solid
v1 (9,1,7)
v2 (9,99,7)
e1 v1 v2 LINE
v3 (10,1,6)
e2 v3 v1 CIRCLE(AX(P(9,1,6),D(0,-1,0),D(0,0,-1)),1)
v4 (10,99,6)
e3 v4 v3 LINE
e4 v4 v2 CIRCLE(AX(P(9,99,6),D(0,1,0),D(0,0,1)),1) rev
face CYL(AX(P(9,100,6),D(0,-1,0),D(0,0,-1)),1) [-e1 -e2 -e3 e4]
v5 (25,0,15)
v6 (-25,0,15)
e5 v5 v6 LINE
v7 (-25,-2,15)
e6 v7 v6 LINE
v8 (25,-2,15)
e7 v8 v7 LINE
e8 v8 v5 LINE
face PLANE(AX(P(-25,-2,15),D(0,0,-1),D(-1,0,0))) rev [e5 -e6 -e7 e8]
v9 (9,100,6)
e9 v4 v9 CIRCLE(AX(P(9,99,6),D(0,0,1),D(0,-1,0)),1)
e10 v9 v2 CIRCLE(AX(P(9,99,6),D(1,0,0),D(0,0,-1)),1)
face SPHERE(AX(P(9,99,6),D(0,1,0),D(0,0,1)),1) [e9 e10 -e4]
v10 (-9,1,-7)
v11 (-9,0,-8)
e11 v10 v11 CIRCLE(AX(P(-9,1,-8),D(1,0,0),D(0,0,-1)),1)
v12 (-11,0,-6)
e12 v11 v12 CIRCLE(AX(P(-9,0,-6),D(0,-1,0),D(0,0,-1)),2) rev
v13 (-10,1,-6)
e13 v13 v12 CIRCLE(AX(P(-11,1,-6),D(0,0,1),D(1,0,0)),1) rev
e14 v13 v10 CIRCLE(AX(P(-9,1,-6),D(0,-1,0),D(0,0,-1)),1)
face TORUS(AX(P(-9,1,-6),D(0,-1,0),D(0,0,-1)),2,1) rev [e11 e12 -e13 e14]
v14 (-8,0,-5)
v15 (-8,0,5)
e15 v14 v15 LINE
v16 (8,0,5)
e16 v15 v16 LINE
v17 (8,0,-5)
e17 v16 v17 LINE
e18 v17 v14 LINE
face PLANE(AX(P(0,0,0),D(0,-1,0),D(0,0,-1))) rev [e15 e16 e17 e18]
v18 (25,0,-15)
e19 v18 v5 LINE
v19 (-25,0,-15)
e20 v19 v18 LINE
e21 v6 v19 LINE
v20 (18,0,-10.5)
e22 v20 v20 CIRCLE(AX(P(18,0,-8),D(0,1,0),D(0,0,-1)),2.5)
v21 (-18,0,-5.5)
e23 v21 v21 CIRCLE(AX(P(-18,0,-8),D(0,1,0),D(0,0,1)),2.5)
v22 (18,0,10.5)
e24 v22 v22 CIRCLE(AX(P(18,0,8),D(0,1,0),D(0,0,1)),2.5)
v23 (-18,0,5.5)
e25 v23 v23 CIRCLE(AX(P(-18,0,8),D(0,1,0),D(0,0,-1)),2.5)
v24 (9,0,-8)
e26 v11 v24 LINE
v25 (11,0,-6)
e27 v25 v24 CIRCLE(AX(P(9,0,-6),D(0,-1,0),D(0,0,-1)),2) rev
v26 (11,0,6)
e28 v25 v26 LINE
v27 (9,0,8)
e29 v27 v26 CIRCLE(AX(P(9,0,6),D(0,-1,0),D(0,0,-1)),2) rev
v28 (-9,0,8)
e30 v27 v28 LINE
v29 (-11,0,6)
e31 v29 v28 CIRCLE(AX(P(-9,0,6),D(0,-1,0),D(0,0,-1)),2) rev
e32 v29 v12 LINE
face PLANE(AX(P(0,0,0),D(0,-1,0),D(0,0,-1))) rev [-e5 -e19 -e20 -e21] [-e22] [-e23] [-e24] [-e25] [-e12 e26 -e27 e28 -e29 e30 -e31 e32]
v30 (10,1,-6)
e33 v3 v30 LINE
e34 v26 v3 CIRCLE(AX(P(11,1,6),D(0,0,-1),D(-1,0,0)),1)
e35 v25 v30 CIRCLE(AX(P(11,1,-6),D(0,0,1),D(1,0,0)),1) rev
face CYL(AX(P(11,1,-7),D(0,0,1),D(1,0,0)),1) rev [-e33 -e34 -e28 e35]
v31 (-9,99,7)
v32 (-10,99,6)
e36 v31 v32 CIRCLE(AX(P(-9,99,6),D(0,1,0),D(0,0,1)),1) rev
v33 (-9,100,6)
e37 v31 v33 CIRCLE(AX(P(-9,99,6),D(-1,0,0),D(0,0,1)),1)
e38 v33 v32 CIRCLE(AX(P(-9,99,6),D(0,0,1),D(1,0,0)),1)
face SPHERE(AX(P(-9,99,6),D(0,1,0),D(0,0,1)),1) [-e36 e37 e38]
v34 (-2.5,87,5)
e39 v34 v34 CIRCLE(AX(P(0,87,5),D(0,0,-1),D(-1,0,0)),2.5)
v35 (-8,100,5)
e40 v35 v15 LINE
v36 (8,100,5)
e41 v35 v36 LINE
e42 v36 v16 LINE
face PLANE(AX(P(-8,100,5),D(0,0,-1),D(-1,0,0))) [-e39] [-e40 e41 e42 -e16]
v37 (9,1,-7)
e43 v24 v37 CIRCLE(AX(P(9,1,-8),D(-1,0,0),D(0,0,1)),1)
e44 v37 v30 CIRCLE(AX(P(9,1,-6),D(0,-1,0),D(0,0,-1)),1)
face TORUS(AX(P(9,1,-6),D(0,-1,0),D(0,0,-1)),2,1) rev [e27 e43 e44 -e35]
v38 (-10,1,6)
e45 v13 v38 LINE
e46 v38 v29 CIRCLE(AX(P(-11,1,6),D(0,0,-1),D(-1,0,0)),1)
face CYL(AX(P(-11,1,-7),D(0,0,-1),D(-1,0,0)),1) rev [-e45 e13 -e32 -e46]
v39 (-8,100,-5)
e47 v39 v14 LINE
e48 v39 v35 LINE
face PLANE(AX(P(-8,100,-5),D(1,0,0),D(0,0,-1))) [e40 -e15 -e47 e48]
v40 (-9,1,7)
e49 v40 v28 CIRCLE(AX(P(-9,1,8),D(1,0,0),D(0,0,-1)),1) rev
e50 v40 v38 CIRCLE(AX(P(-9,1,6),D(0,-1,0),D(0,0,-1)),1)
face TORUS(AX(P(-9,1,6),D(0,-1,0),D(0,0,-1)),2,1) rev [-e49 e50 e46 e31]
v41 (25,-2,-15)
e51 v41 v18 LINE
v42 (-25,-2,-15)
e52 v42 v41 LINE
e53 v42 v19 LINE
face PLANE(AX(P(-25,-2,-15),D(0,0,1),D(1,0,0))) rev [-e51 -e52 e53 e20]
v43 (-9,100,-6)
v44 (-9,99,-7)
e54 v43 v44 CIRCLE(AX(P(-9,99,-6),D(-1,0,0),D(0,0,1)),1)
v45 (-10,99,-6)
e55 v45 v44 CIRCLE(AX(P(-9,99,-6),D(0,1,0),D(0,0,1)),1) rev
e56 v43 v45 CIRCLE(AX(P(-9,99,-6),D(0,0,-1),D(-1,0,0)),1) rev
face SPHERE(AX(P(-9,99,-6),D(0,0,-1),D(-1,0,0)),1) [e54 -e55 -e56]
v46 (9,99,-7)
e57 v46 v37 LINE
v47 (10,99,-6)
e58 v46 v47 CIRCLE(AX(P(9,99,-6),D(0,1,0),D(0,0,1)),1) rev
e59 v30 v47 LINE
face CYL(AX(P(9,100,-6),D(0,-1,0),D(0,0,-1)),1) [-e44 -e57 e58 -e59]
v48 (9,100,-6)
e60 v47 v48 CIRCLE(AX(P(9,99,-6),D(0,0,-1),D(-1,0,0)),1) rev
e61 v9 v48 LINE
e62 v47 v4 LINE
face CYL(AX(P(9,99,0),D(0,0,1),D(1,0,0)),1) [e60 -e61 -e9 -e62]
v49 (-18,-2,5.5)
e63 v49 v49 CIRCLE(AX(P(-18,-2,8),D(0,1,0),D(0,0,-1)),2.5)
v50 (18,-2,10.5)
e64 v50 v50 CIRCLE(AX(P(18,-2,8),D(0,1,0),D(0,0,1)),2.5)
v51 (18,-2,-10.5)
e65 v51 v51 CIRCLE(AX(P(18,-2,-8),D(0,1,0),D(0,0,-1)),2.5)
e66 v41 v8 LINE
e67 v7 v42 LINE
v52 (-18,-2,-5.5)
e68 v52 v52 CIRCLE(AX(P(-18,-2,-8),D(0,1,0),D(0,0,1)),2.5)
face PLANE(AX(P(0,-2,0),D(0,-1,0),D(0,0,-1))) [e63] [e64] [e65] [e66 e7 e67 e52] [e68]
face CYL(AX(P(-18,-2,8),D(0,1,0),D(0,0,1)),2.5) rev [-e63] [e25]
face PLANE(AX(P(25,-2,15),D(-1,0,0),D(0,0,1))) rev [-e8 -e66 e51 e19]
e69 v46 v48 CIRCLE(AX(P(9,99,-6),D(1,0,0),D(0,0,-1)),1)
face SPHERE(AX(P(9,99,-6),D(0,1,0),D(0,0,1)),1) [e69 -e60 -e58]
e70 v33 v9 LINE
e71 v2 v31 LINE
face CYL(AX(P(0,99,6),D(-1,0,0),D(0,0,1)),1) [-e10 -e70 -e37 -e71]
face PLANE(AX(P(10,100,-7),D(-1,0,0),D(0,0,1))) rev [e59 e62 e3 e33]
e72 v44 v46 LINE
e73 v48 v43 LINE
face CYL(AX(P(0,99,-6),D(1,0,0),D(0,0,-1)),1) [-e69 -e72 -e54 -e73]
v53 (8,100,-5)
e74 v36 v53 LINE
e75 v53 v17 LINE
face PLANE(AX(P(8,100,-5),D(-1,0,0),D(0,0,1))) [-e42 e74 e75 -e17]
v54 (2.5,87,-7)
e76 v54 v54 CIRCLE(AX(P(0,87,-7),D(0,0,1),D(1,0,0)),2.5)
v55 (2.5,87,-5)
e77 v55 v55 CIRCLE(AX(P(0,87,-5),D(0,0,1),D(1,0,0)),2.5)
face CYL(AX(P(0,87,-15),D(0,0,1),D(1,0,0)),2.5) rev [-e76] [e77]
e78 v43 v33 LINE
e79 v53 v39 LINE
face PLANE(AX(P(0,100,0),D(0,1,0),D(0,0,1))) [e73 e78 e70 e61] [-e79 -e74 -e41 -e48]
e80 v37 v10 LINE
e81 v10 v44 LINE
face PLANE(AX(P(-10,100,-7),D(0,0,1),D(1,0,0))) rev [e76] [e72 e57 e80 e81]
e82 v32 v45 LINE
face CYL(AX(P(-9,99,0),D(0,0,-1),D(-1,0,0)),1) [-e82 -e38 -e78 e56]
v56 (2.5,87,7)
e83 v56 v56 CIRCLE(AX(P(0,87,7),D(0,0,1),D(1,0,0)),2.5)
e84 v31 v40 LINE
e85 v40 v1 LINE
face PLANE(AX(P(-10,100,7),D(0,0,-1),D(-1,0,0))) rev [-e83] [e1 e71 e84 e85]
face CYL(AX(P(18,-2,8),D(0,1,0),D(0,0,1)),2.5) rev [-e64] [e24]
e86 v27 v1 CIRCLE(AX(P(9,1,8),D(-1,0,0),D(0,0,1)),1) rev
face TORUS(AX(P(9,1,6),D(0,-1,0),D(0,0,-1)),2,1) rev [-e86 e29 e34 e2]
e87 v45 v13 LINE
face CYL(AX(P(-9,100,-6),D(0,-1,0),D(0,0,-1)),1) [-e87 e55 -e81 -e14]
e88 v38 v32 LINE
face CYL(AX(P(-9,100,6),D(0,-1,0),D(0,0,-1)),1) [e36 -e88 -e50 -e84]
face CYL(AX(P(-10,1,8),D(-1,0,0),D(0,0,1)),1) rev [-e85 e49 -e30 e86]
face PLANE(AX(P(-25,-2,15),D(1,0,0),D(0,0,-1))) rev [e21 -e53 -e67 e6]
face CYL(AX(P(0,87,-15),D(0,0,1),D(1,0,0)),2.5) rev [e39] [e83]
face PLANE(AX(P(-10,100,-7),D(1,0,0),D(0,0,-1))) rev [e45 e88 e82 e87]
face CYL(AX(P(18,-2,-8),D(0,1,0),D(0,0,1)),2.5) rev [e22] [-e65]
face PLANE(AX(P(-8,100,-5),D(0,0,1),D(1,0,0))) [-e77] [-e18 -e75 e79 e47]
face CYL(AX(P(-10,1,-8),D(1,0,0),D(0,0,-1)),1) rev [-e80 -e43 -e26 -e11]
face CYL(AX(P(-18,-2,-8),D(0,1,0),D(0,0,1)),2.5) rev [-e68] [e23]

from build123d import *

# Parameters (mm, degrees)
SKETCH1_W           = 20
SKETCH1_H           = 14
SKETCH1_W_2         = 16
SKETCH1_H_2         = 10
BOSS_EXTRUDE1_DEPTH = 100
SKETCH2_W           = 50
SKETCH2_H           = 30
BOSS_EXTRUDE2_DEPTH = 2
SKETCH3_R           = 2.5
CUT_EXTRUDE1_DEPTH  = 2
SKETCH4_R           = 2.5
CUT_EXTRUDE2_DEPTH  = 106.399240984
FILLET1_R           = 1


with BuildPart() as part:
    # Sketch1 → Boss-Extrude1 (new body)
    with BuildSketch(Plane(origin=(0, 0, 0), x_dir=(1, 0, 0), z_dir=(0, 1, 0))):
        Rectangle(SKETCH1_W, SKETCH1_H)
        Rectangle(SKETCH1_W_2, SKETCH1_H_2, mode=Mode.SUBTRACT)
    extrude(amount=BOSS_EXTRUDE1_DEPTH)

    # Sketch2 → Boss-Extrude2 (add)
    with BuildSketch(Plane(origin=(0, 0, 0), x_dir=(-1, 0, 0), z_dir=(0, -1, 0))):
        Rectangle(SKETCH2_W, SKETCH2_H)
    extrude(amount=BOSS_EXTRUDE2_DEPTH)

    # Sketch3 → Cut-Extrude1 (cut)
    with BuildSketch(Plane(origin=(0, 0, 0), x_dir=(1, 0, 0), z_dir=(0, 1, 0))):
        with Locations(Location((18, -8, 0), (0, 0, 270))):
            Circle(SKETCH3_R)
        with Locations(Location((18, 8, 0), (0, 0, 90))):
            Circle(SKETCH3_R)
        with Locations(Location((-18, -8, 0), (0, 0, 90))):
            Circle(SKETCH3_R)
        with Locations(Location((-18, 8, 0), (0, 0, 270))):
            Circle(SKETCH3_R)
    extrude(amount=-CUT_EXTRUDE1_DEPTH, mode=Mode.SUBTRACT)

    # Sketch4 → Cut-Extrude2 (cut, through all)
    with BuildSketch(Plane.XY.offset(7)):
        with Locations((0, 87)):
            Circle(SKETCH4_R)
    extrude(amount=-CUT_EXTRUDE2_DEPTH, mode=Mode.SUBTRACT)

    # Fillet1
    fillet1_edges = [part.edges().sort_by_distance(p)[0] for p in [
        (-10, 100, 0),
        (0, 100, 7),
        (10, 100, 0),
        (0, 0, 7),
        (-10, 0, 0),
        (0, 0, -7),
        (10, 0, 0),
        (10, 50, 7),
        (-10, 50, 7),
        (-10, 50, -7),
        (10, 50, -7),
        (0, 100, -7),
    ]]
    fillet(fillet1_edges, radius=FILLET1_R)


solid = part.part
